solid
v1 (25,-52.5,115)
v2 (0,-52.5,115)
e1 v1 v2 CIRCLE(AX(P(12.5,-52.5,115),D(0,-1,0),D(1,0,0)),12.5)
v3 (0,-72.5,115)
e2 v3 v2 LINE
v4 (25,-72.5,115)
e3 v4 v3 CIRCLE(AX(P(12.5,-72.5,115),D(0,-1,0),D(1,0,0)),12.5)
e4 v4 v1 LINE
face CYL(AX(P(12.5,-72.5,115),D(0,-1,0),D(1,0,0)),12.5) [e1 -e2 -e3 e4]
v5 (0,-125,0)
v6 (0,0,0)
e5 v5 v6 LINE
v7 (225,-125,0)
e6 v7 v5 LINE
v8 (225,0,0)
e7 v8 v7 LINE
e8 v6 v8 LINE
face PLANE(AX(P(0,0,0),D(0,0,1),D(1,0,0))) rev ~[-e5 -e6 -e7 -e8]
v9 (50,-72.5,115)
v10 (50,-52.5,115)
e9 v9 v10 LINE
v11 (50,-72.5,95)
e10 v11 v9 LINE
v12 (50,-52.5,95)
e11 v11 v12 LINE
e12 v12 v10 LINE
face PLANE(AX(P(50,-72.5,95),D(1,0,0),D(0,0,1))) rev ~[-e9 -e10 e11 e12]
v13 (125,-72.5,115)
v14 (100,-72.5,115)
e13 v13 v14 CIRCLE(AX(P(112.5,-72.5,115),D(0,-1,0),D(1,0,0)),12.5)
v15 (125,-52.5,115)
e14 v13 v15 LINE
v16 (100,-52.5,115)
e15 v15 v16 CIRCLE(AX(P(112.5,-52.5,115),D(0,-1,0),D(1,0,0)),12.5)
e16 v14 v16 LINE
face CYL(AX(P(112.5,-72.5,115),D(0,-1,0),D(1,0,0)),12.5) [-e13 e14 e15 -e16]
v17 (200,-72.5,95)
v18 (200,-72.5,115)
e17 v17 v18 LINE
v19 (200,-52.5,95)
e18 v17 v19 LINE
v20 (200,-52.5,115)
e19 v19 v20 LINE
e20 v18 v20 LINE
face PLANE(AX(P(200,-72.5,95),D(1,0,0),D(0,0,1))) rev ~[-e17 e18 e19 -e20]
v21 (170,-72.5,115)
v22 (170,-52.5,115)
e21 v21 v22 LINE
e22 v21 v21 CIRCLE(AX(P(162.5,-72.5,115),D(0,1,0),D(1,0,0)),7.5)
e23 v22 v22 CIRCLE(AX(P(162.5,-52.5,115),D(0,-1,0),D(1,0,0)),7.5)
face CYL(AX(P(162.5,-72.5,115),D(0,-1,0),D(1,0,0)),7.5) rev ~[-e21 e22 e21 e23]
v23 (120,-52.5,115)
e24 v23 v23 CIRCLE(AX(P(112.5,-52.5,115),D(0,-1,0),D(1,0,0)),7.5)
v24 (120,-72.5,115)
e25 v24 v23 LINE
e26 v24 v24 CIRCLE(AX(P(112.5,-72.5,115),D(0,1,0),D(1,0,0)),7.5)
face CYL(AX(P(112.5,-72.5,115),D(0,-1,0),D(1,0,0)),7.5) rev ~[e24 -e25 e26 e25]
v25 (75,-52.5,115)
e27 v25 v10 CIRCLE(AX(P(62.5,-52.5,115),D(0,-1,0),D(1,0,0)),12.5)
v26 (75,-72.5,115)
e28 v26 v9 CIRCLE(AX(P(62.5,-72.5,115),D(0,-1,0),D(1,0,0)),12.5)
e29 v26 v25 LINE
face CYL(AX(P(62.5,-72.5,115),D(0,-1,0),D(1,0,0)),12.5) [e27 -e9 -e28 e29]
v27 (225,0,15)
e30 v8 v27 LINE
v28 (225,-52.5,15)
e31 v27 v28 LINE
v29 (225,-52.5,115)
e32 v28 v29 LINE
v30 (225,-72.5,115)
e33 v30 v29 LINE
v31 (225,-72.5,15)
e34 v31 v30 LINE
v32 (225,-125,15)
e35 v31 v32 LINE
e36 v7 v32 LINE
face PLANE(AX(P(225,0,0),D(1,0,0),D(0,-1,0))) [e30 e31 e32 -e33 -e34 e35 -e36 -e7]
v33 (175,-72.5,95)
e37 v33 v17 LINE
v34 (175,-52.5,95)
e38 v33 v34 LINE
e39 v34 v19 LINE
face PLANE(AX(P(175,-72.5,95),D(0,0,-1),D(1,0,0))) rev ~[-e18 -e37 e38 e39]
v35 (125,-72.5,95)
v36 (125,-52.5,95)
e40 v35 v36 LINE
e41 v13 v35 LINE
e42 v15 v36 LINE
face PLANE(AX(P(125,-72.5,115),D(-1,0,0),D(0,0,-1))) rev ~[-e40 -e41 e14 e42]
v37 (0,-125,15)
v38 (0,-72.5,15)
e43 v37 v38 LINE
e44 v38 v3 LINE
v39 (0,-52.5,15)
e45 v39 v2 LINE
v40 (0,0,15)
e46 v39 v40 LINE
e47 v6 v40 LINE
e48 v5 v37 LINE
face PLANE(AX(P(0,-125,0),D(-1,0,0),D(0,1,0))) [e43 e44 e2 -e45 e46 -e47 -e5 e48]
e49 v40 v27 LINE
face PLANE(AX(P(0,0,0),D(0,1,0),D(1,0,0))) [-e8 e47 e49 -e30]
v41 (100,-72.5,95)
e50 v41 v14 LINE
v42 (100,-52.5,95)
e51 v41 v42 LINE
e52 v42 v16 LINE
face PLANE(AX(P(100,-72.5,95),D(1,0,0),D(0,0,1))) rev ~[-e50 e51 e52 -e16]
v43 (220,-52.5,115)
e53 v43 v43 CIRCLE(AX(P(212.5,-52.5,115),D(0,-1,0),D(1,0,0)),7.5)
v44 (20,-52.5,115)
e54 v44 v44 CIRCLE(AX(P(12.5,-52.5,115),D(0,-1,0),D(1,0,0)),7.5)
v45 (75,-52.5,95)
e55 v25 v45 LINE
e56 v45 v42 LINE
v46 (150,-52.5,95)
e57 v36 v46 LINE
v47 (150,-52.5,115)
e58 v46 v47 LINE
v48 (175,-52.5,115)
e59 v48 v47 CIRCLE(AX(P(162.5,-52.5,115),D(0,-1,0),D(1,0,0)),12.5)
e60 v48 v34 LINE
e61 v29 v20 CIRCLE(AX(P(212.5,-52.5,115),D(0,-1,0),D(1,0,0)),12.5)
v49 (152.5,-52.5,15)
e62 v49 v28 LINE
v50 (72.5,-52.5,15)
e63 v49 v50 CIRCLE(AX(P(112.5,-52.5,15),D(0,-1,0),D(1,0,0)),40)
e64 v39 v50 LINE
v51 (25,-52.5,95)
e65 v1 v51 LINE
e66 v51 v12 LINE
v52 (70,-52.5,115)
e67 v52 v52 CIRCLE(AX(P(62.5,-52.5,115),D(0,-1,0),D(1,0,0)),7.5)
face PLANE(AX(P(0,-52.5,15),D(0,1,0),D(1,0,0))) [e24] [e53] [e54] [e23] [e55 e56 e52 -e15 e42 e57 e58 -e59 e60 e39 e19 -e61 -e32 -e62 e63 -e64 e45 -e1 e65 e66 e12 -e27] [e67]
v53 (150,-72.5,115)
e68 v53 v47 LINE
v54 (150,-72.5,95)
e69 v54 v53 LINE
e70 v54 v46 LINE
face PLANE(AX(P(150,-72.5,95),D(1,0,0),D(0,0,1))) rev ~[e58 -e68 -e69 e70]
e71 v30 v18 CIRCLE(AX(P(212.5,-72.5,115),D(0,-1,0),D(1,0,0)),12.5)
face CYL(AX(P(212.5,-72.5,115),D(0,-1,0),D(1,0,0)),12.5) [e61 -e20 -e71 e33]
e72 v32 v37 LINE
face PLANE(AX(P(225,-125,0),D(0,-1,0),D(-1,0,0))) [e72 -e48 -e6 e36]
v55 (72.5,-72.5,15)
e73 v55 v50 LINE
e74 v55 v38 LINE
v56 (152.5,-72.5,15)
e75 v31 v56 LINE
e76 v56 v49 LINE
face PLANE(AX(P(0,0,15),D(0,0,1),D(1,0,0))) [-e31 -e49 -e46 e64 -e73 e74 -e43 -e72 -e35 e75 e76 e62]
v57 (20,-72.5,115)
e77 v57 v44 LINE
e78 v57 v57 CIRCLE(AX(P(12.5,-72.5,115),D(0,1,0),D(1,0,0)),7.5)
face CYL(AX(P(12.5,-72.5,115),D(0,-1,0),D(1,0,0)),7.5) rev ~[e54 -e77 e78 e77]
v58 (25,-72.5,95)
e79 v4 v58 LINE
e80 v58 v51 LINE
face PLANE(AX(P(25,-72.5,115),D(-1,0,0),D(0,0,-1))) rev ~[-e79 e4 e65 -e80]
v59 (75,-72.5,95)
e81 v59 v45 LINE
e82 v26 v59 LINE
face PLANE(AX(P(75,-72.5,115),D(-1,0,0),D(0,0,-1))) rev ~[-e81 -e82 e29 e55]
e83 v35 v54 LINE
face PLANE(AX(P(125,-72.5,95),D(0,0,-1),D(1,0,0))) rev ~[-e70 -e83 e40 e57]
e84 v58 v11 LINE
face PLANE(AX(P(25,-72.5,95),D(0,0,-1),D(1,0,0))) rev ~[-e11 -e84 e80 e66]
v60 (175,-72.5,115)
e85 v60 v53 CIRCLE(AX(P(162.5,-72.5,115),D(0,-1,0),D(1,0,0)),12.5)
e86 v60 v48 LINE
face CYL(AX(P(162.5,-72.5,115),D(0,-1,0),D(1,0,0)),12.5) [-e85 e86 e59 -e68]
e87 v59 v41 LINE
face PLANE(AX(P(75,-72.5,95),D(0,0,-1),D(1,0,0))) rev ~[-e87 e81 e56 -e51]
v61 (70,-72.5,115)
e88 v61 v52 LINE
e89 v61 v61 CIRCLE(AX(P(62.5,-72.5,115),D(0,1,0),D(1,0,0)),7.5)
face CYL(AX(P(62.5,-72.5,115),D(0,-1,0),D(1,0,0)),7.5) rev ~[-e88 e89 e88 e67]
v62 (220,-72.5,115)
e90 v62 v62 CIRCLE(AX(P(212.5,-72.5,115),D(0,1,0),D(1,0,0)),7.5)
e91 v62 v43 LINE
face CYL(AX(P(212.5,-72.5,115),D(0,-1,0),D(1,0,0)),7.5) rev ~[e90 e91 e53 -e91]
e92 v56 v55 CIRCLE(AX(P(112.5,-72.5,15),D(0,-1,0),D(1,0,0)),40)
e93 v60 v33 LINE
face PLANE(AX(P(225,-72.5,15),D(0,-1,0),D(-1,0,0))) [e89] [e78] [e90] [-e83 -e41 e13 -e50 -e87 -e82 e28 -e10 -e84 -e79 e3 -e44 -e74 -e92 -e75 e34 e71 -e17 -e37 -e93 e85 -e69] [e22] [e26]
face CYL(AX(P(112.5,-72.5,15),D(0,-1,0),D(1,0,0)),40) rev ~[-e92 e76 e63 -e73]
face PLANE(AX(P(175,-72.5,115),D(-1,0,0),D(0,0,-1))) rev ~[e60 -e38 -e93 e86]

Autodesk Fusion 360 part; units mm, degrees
sketch "Sketch5" plane through (0, 0, 0) normal (0, 0, 1) x (1, 0, 0)
  line L0 (0, 0) -> (225, 0)
  line L1 (225, 0) -> (225, -125)
  line L2 (225, -125) -> (0, -125)
  line L3 (0, -125) -> (0, 0)
  dimension "d26" = 225
  dimension "d27" = 125
extrude "Extrude3" add sketch "Sketch5" along normal blind 15
sketch "Sketch6" plane through (0, 0, 15) normal (0, 0, 1) x (-1, 0, 0)
  line L0 (0, 125) -> (-225, 125)
  line L1 (-225, 125) -> (-225, 0)
  line L2 (-225, 0) -> (0, 0)
  line L3 (0, 0) -> (0, 125)
  line L4 (0, 0) -> (0, 62.5) construction
  line L5 (0, 62.5) -> (-225, 62.5) construction
  line L6 (0, 62.5) -> (0, 52.5)
  line L7 (0, 62.5) -> (0, 72.5)
  line L8 (0, 52.5) -> (-225, 52.5)
  line L9 (-225, 52.5) -> (-225, 72.5)
  line L10 (-225, 72.5) -> (0, 72.5)
  dimension "d30" = 62.5
  dimension "d31" = 10
  dimension "d32" = 10
  dimension "d33" = 225
  dimension "d34" = 20
extrude "Extrude4" add sketch "Sketch6" along normal blind 100 contours L1 L3 L6 L7 L8 L9 L10
sketch "Sketch7" plane through (0, -72.5, 0) normal (0, -1, 0) x (1, 0, 0)
  line L0 (0, 15) -> (225, 15)
  line L1 (225, 15) -> (225, 115)
  line L2 (225, 115) -> (0, 115)
  line L3 (0, 115) -> (0, 15)
  line L4 (0, 15) -> (72.5, 15) construction
  arc A0 (152.5, 15) -> (72.5, 15) centre (112.5, 15) ccw
  line L5 (0, 115) -> (25, 115)
  line L6 (25, 115) -> (50, 115)
  line L7 (50, 115) -> (75, 115)
  line L8 (75, 115) -> (100, 115)
  line L9 (100, 115) -> (125, 115)
  line L10 (125, 115) -> (150, 115)
  line L11 (150, 115) -> (175, 115)
  line L12 (175, 115) -> (200, 115)
  line L13 (200, 115) -> (225, 115)
  circle A1 centre (12.5, 115) radius 7.5
  circle A2 centre (62.5, 115) radius 7.5
  circle A3 centre (112.5, 115) radius 7.5
  circle A4 centre (162.5, 115) radius 7.5
  circle A5 centre (212.5, 115) radius 7.5
  line L14 (25, 115) -> (25, 95)
  line L15 (25, 95) -> (50, 95)
  line L16 (50, 95) -> (50, 115)
  line L17 (75, 115) -> (75, 95)
  line L18 (75, 95) -> (100, 95)
  line L19 (100, 95) -> (100, 115)
  line L20 (125, 115) -> (125, 95)
  line L21 (125, 95) -> (150, 95)
  line L22 (150, 95) -> (150, 115)
  line L23 (175, 115) -> (175, 95)
  line L24 (175, 95) -> (200, 95)
  line L25 (200, 95) -> (200, 115)
  arc A6 (25, 115) -> (0, 115) centre (12.5, 115) ccw
  arc A7 (75, 115) -> (50, 115) centre (62.5, 115) ccw
  arc A8 (125, 115) -> (100, 115) centre (112.5, 115) ccw
  arc A9 (175, 115) -> (150, 115) centre (162.5, 115) ccw
  arc A10 (225, 115) -> (200, 115) centre (212.5, 115) ccw
  point P0 (62.5, 115)
  point P1 (112.5, 115)
  point P2 (162.5, 115)
  point P3 (212.5, 115)
  dimension "d37" = 112.5
  dimension "d38" = 80
  dimension "d42" = 25
  dimension "d43" = 25
  dimension "d44" = 25
  dimension "d45" = 25
  dimension "d46" = 25
  dimension "d47" = 25
  dimension "d48" = 25
  dimension "d49" = 25
  dimension "d50" = 25
  dimension "d51" = 15
  dimension "d52" = 25
  dimension "d55" = 200
  dimension "d56" = 0
  dimension "d57" = 20
  dimension "d62" = 100
extrude "Extrude5" cut sketch "Sketch7" against normal blind 20 contours L0 A0
extrude "Extrude6" add sketch "Sketch7" against normal blind 20 contours L2 L5 A1 A6 | L2 L5 A1 | L2 L5 A1 | L2 L7 A2 A7 | L2 L13 A5 A10 | L2 L7 A2 | L2 L13 A5 | L2 L9 A3 A8 | L2 L11 A4 A9 | L2 L9 A3 | L2 L11 A4 picked at (63.3854, 117.6998) picked at (214.3326, 116.7004) picked at (113.3854, 117.6998) picked at (164.3326, 116.7004)
extrude "Extrude7" cut sketch "Sketch7" against normal blind 20 contours L2 L6 L14 L15 L16 | L2 L8 L17 L18 L19 | L2 L12 L23 L24 L25 | L2 L10 L20 L21 L22
extrude "Extrude8" cut sketch "Sketch7" against normal blind 20 contours L2 L5 A1 | L2 L5 A1 | L2 L7 A2 | L2 L7 A2 | L2 L13 A5 | L2 L13 A5 | L2 L9 A3 | L2 L9 A3 | L2 L11 A4 | L2 L11 A4
